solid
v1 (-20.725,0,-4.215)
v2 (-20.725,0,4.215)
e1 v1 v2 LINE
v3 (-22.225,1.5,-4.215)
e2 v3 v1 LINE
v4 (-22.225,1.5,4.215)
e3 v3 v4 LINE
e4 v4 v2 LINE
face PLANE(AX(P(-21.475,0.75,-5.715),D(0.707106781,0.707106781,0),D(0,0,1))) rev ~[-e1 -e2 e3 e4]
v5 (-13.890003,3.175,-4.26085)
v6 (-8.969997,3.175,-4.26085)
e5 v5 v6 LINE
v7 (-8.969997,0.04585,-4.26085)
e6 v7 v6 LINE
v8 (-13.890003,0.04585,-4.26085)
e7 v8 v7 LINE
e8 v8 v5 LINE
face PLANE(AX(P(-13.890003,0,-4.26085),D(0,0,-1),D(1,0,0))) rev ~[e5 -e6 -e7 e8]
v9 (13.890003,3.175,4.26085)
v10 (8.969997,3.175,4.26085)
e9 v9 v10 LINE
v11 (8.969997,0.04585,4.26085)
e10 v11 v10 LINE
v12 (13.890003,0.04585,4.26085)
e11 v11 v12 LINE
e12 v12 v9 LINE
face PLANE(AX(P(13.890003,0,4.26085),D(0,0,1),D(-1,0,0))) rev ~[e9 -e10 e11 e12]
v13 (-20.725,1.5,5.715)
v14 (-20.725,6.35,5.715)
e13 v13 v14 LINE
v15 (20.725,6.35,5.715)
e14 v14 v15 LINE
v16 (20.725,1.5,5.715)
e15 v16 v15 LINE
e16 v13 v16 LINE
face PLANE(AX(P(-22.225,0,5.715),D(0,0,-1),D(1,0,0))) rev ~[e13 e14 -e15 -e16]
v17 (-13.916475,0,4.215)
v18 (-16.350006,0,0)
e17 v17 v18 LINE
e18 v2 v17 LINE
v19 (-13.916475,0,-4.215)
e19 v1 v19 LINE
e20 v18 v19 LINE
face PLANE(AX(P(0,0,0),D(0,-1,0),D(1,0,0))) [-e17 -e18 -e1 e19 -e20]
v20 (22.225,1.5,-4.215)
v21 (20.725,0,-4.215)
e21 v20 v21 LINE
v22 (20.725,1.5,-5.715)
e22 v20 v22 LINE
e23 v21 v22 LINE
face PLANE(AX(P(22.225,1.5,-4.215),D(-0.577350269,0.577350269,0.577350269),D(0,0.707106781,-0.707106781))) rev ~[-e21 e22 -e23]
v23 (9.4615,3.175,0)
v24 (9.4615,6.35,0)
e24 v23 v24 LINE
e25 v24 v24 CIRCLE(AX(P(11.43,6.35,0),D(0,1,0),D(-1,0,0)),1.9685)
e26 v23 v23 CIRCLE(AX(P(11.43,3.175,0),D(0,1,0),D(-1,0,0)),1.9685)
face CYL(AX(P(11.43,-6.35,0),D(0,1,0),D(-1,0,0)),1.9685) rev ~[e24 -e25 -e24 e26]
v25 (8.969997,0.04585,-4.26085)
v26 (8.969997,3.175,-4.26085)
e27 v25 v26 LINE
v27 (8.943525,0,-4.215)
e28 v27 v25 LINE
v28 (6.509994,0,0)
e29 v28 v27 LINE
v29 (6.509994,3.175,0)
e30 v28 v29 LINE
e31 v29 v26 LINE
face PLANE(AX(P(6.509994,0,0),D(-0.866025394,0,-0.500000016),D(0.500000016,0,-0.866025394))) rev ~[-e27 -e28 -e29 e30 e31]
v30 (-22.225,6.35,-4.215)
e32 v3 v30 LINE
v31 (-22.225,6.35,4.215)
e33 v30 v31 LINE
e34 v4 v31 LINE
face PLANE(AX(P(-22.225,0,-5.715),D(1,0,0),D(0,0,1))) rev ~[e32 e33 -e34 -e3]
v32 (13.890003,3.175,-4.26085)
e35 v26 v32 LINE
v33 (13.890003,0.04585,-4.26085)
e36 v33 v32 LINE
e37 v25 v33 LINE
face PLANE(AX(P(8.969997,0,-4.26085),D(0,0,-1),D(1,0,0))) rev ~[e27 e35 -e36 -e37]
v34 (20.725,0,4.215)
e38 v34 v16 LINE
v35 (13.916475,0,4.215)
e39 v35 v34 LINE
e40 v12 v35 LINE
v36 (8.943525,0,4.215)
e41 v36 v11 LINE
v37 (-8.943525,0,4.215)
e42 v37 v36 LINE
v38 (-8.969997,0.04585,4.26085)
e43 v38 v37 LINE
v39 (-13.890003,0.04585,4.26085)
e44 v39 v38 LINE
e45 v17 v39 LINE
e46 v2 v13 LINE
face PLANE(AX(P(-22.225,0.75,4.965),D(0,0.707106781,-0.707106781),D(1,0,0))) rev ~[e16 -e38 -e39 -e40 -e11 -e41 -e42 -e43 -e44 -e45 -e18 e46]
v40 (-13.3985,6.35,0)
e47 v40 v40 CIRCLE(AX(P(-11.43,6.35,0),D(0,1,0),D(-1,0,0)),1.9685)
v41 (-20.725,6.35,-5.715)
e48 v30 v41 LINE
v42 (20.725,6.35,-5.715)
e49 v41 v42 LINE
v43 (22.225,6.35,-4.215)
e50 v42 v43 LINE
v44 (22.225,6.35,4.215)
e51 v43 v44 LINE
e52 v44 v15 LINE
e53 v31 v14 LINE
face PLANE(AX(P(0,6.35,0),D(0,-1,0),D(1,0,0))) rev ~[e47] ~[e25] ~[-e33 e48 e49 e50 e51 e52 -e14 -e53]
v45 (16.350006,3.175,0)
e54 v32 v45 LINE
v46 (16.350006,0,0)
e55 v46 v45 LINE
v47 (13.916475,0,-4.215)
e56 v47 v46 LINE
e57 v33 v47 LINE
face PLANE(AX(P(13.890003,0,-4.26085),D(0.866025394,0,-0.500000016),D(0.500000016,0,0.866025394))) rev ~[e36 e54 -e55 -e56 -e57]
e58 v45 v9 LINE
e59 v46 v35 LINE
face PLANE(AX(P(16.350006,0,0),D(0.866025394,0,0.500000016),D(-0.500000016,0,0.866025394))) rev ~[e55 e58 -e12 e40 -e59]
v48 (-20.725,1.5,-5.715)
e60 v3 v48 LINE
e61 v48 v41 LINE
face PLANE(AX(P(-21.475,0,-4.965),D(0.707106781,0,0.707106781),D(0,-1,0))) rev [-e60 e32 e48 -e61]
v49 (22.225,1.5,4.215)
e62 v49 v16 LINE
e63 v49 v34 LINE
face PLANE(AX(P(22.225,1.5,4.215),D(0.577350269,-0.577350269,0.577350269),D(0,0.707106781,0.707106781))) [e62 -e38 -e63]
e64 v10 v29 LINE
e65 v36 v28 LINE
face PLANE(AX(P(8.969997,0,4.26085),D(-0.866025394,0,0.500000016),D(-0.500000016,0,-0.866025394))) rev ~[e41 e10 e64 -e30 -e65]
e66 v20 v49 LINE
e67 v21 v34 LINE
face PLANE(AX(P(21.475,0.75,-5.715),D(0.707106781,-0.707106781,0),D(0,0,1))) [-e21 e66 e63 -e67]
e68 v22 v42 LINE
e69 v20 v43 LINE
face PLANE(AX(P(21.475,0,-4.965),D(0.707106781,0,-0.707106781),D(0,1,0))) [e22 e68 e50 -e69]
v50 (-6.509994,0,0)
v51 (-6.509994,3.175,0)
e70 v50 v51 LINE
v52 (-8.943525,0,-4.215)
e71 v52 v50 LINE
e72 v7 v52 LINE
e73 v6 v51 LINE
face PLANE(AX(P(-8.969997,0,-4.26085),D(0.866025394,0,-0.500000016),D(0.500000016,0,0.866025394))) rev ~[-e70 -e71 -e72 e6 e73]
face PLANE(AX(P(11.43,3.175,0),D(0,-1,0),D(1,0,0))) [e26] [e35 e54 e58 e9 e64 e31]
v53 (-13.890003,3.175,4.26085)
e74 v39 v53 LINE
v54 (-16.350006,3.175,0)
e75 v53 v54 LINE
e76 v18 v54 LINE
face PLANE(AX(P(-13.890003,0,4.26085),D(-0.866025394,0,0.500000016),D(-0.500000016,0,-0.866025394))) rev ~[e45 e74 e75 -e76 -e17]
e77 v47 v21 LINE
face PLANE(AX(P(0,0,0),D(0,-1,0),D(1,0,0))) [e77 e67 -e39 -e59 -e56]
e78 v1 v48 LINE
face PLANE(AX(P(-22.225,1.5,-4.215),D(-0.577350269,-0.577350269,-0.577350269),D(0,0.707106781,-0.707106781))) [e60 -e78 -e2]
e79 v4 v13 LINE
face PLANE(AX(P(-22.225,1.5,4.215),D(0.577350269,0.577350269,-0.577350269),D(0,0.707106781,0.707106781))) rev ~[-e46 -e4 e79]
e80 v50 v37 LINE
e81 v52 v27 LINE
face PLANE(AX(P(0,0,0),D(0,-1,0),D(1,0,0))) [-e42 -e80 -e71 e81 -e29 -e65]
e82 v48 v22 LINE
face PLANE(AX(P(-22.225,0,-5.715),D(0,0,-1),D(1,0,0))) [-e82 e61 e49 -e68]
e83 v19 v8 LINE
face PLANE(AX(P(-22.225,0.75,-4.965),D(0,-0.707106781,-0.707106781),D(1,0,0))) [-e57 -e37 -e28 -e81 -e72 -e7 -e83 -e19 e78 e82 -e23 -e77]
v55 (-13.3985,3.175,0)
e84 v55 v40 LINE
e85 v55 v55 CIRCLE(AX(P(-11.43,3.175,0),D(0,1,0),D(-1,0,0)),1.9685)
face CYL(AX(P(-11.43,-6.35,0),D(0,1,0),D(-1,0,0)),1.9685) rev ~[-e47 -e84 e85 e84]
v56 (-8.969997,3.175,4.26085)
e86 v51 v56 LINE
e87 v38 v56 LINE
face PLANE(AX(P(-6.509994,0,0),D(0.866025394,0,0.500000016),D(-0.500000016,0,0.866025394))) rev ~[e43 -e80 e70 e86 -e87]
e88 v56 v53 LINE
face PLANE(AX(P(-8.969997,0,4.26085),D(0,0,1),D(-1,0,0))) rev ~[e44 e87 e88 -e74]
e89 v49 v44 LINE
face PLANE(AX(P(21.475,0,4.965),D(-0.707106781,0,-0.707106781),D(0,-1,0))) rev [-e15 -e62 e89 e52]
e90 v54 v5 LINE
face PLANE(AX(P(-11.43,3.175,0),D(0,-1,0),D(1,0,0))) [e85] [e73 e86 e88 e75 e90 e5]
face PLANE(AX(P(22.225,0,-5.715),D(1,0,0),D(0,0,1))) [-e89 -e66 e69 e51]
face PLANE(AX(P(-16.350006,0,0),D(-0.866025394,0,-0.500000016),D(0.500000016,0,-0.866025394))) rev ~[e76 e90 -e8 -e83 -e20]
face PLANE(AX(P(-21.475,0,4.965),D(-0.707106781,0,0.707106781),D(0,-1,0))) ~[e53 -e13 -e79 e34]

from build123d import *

# Parameters (mm, degrees)
F0_W     = 44.45
F0_H     = 11.43
F1_DEPTH = 6.35
F3_SIZE  = 1.5
F4_DEPTH = 3.175
F5_D     = 3.937
F5_DEPTH = 6.35


with BuildPart() as f1:
    # F0 (on Front) → F1 (new body)
    with BuildSketch(Plane.XZ):
        Rectangle(F0_W, F0_H)
    extrude(amount=-F1_DEPTH)

    # F3
    f3_edges = [f1.edges().sort_by_distance(p)[0] for p in [
        (0, 0, 5.715),
        (0, 0, -5.715),
        (22.225, 0, 0),
        (-22.225, 0, 0),
        (22.225, 3.175, -5.715),
        (22.225, 3.175, 5.715),
        (-22.225, 3.175, 5.715),
        (-22.225, 3.175, -5.715),
    ]]
    chamfer(f3_edges, length=F3_SIZE)

    # F2 (on face) → F4 (cut)
    with BuildSketch(Plane.XZ):
        Polygon((-13.890003, -4.26085), (-8.969997, -4.26085), (-6.509994, 0), (-8.969997, 4.26085), (-13.890003, 4.26085), (-16.350006, 0), align=None)
        Polygon((6.509994, 0), (8.969997, -4.26085), (13.890003, -4.26085), (16.350006, 0), (13.890003, 4.26085), (8.969997, 4.26085), align=None)
    extrude(amount=-F4_DEPTH, mode=Mode.SUBTRACT)

    # F5
    with Locations(Plane.XZ):
        with Locations((-11.43, 0), (11.43, 0)):
            Hole(F5_D / 2, depth=F5_DEPTH)


solid = f1.part
